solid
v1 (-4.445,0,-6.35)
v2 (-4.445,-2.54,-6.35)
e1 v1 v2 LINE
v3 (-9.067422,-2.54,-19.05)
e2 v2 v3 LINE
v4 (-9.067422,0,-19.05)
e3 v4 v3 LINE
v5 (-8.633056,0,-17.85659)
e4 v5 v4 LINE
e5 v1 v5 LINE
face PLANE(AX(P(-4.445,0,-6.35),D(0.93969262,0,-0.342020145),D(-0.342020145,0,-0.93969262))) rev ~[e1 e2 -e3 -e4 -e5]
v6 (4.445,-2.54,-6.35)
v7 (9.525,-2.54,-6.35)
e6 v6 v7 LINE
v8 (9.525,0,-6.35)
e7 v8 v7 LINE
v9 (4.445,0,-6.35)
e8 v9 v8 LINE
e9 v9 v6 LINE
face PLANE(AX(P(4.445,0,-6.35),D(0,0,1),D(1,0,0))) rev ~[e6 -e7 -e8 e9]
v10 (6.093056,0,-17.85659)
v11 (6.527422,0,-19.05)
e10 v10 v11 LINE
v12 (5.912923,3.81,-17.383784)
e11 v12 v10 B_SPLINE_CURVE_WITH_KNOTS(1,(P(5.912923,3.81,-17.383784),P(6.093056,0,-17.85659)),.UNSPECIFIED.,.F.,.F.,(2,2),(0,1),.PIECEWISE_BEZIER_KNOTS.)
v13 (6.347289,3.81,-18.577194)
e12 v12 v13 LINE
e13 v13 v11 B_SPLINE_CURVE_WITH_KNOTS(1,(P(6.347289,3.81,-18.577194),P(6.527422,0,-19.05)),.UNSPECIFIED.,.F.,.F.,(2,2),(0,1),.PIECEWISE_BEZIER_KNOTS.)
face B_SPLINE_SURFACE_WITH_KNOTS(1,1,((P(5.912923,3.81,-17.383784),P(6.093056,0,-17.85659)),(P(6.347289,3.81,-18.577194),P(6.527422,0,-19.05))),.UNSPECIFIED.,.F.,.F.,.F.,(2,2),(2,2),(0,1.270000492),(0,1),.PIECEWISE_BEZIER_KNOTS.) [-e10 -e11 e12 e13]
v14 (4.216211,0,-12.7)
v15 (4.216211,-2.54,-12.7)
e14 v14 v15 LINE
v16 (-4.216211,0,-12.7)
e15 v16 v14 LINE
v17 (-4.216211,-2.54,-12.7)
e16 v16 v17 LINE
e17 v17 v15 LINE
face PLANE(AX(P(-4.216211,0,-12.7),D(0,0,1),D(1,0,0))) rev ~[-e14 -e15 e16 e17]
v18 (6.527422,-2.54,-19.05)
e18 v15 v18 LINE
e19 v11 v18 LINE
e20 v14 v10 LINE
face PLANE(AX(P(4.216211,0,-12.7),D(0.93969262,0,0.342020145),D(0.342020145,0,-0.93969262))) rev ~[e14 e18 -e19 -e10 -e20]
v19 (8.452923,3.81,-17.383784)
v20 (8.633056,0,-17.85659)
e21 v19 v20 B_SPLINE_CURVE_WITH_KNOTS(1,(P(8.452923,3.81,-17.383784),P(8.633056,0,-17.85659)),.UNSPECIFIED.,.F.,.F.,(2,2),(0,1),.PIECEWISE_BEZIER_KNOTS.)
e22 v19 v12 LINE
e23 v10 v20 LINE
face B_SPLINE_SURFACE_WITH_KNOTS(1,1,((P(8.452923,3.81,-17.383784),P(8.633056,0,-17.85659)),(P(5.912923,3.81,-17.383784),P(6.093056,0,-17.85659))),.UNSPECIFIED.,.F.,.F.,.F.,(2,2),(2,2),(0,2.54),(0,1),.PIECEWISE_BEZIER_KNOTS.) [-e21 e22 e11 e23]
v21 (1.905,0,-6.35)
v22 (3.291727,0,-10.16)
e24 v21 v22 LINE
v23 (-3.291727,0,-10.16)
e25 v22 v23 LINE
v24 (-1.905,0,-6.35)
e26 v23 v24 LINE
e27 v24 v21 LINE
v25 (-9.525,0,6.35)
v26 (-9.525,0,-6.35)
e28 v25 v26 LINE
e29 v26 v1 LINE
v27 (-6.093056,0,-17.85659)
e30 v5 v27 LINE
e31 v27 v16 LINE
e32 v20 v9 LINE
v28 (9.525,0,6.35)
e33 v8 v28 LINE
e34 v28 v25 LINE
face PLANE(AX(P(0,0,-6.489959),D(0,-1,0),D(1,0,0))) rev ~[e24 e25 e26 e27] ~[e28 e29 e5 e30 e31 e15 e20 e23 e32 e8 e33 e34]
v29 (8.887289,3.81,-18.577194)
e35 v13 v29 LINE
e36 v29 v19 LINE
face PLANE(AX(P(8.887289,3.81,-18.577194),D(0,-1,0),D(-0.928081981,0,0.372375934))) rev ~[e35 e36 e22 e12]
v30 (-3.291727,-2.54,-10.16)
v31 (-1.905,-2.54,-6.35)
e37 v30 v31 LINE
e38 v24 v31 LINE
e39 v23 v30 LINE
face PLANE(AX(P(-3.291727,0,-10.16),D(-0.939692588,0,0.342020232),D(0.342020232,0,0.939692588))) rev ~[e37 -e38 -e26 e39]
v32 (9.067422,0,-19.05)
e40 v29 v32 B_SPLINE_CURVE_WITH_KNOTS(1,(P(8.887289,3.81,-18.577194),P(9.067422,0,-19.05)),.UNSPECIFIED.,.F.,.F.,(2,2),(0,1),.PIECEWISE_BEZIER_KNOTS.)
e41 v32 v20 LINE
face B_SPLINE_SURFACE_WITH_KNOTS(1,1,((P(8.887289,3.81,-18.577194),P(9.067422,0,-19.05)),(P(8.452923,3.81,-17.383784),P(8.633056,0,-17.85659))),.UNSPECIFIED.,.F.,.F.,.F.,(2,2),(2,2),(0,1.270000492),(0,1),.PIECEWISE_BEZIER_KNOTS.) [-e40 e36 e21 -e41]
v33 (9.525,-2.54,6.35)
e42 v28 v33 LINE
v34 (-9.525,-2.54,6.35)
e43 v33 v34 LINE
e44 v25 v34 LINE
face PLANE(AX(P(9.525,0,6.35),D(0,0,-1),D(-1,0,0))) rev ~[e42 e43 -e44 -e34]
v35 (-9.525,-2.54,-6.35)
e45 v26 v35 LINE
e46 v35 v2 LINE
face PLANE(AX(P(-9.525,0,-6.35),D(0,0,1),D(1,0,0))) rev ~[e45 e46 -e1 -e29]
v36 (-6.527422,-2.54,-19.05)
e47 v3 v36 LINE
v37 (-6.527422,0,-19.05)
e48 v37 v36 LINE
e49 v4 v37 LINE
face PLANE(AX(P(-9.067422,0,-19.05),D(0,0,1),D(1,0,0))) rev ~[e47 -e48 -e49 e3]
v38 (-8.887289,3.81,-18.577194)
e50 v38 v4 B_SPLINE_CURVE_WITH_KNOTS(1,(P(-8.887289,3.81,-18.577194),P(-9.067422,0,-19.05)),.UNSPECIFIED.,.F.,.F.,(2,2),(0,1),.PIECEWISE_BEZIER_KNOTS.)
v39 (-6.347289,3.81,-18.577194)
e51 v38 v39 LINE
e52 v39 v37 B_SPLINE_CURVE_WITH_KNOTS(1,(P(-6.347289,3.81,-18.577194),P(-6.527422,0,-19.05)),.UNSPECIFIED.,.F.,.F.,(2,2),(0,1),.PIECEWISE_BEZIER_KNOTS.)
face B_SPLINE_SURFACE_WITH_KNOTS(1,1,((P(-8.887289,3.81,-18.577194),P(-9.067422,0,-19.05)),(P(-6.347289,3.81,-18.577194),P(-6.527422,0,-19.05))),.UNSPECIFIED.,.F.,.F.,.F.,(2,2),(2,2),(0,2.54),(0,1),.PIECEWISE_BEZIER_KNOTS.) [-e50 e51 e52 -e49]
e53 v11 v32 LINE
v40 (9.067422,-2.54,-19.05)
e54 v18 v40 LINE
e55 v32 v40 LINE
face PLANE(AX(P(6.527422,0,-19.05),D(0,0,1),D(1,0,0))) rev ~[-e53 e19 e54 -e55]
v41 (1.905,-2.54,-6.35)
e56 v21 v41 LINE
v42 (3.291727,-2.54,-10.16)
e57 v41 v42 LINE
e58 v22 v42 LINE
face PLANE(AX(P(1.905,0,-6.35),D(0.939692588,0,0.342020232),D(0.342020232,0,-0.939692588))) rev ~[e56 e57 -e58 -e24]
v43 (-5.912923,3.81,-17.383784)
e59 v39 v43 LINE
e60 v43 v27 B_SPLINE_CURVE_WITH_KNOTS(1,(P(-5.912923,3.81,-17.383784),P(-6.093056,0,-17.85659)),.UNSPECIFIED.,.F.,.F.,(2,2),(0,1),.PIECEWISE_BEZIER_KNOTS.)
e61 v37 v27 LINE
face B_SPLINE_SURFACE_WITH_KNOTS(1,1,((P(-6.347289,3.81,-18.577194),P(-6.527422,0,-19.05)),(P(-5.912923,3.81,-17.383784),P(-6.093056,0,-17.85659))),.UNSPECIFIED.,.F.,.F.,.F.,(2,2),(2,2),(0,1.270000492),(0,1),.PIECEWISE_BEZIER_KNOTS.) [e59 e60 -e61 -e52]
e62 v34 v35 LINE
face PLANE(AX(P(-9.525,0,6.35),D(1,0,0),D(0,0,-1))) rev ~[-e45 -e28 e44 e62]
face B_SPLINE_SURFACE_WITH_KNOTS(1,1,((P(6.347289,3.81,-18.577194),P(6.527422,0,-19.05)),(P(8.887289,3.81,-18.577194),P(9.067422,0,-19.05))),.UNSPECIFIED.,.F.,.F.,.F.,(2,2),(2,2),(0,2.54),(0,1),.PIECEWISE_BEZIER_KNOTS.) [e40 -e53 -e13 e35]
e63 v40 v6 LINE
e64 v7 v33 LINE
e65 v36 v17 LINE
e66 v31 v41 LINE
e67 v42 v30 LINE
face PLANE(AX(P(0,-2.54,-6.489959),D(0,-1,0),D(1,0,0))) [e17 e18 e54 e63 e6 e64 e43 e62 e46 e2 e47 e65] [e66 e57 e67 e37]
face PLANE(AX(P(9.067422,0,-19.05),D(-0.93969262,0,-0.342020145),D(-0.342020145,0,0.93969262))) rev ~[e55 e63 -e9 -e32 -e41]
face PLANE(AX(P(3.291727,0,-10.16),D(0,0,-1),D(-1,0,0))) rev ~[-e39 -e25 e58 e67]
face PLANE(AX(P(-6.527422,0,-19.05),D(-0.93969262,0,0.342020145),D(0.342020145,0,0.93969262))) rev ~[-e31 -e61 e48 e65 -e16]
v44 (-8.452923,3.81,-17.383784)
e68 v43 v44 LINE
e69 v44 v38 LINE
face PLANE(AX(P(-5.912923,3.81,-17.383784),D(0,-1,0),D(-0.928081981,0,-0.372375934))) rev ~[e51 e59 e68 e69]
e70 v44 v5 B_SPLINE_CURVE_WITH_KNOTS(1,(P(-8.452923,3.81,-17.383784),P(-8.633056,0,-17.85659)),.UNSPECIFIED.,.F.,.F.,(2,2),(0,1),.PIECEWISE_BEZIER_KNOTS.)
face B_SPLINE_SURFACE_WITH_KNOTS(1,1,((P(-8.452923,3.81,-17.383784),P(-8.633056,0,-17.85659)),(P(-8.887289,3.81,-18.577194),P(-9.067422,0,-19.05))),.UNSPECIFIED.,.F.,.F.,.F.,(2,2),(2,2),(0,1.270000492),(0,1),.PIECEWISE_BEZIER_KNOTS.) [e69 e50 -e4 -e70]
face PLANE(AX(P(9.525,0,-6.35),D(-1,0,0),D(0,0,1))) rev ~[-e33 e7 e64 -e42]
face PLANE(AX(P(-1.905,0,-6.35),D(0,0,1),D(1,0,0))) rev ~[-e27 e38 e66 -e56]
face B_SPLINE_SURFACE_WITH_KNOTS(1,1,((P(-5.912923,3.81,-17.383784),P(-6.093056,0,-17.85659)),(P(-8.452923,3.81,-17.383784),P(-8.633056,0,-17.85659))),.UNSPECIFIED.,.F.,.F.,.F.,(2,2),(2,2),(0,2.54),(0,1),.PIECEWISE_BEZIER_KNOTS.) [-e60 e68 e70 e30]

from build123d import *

# Parameters (mm, degrees)
F1_DEPTH = 2.54


with BuildPart() as f1:
    # F0 (on Front) → F1 (new body)
    with BuildSketch(Plane.XZ):
        Polygon((-9.525, 6.35), (-9.525, -6.35), (-4.445, -6.35), (-9.067422, -19.05), (-6.527422, -19.05), (-4.216211, -12.7), (4.216211, -12.7), (6.527422, -19.05), (9.067422, -19.05), (4.445, -6.35), (9.525, -6.35), (9.525, 6.35), align=None)
        Polygon((-1.905, -6.35), (1.905, -6.35), (3.291727, -10.16), (-3.291727, -10.16), align=None, mode=Mode.SUBTRACT)
    extrude(amount=F1_DEPTH)

    # F4 (on offset) → F5 section 0
    with BuildSketch(Plane.XZ.offset(-3.81)):
        Polygon((-5.912923, -17.383784), (-8.452923, -17.383784), (-8.887289, -18.577194), (-6.347289, -18.577194), align=None)
    # F2 (on face) → F5 section 1
    with BuildSketch(Plane(origin=(0, 0, 0), x_dir=(-1, 0, 0), z_dir=(0, 1, 0))):
        Polygon((8.633056, -17.85659), (6.093056, -17.85659), (6.527422, -19.05), (9.067422, -19.05), align=None)
    loft()

    # F4 (on offset) → F6 section 0
    with BuildSketch(Plane.XZ.offset(-3.81)):
        Polygon((8.887289, -18.577194), (8.452923, -17.383784), (5.912923, -17.383784), (6.347289, -18.577194), align=None)
    # F2 (on face) → F6 section 1
    with BuildSketch(Plane(origin=(0, 0, 0), x_dir=(-1, 0, 0), z_dir=(0, 1, 0))):
        Polygon((-8.633056, -17.85659), (-9.067422, -19.05), (-6.527422, -19.05), (-6.093056, -17.85659), align=None)
    loft()


solid = f1.part
